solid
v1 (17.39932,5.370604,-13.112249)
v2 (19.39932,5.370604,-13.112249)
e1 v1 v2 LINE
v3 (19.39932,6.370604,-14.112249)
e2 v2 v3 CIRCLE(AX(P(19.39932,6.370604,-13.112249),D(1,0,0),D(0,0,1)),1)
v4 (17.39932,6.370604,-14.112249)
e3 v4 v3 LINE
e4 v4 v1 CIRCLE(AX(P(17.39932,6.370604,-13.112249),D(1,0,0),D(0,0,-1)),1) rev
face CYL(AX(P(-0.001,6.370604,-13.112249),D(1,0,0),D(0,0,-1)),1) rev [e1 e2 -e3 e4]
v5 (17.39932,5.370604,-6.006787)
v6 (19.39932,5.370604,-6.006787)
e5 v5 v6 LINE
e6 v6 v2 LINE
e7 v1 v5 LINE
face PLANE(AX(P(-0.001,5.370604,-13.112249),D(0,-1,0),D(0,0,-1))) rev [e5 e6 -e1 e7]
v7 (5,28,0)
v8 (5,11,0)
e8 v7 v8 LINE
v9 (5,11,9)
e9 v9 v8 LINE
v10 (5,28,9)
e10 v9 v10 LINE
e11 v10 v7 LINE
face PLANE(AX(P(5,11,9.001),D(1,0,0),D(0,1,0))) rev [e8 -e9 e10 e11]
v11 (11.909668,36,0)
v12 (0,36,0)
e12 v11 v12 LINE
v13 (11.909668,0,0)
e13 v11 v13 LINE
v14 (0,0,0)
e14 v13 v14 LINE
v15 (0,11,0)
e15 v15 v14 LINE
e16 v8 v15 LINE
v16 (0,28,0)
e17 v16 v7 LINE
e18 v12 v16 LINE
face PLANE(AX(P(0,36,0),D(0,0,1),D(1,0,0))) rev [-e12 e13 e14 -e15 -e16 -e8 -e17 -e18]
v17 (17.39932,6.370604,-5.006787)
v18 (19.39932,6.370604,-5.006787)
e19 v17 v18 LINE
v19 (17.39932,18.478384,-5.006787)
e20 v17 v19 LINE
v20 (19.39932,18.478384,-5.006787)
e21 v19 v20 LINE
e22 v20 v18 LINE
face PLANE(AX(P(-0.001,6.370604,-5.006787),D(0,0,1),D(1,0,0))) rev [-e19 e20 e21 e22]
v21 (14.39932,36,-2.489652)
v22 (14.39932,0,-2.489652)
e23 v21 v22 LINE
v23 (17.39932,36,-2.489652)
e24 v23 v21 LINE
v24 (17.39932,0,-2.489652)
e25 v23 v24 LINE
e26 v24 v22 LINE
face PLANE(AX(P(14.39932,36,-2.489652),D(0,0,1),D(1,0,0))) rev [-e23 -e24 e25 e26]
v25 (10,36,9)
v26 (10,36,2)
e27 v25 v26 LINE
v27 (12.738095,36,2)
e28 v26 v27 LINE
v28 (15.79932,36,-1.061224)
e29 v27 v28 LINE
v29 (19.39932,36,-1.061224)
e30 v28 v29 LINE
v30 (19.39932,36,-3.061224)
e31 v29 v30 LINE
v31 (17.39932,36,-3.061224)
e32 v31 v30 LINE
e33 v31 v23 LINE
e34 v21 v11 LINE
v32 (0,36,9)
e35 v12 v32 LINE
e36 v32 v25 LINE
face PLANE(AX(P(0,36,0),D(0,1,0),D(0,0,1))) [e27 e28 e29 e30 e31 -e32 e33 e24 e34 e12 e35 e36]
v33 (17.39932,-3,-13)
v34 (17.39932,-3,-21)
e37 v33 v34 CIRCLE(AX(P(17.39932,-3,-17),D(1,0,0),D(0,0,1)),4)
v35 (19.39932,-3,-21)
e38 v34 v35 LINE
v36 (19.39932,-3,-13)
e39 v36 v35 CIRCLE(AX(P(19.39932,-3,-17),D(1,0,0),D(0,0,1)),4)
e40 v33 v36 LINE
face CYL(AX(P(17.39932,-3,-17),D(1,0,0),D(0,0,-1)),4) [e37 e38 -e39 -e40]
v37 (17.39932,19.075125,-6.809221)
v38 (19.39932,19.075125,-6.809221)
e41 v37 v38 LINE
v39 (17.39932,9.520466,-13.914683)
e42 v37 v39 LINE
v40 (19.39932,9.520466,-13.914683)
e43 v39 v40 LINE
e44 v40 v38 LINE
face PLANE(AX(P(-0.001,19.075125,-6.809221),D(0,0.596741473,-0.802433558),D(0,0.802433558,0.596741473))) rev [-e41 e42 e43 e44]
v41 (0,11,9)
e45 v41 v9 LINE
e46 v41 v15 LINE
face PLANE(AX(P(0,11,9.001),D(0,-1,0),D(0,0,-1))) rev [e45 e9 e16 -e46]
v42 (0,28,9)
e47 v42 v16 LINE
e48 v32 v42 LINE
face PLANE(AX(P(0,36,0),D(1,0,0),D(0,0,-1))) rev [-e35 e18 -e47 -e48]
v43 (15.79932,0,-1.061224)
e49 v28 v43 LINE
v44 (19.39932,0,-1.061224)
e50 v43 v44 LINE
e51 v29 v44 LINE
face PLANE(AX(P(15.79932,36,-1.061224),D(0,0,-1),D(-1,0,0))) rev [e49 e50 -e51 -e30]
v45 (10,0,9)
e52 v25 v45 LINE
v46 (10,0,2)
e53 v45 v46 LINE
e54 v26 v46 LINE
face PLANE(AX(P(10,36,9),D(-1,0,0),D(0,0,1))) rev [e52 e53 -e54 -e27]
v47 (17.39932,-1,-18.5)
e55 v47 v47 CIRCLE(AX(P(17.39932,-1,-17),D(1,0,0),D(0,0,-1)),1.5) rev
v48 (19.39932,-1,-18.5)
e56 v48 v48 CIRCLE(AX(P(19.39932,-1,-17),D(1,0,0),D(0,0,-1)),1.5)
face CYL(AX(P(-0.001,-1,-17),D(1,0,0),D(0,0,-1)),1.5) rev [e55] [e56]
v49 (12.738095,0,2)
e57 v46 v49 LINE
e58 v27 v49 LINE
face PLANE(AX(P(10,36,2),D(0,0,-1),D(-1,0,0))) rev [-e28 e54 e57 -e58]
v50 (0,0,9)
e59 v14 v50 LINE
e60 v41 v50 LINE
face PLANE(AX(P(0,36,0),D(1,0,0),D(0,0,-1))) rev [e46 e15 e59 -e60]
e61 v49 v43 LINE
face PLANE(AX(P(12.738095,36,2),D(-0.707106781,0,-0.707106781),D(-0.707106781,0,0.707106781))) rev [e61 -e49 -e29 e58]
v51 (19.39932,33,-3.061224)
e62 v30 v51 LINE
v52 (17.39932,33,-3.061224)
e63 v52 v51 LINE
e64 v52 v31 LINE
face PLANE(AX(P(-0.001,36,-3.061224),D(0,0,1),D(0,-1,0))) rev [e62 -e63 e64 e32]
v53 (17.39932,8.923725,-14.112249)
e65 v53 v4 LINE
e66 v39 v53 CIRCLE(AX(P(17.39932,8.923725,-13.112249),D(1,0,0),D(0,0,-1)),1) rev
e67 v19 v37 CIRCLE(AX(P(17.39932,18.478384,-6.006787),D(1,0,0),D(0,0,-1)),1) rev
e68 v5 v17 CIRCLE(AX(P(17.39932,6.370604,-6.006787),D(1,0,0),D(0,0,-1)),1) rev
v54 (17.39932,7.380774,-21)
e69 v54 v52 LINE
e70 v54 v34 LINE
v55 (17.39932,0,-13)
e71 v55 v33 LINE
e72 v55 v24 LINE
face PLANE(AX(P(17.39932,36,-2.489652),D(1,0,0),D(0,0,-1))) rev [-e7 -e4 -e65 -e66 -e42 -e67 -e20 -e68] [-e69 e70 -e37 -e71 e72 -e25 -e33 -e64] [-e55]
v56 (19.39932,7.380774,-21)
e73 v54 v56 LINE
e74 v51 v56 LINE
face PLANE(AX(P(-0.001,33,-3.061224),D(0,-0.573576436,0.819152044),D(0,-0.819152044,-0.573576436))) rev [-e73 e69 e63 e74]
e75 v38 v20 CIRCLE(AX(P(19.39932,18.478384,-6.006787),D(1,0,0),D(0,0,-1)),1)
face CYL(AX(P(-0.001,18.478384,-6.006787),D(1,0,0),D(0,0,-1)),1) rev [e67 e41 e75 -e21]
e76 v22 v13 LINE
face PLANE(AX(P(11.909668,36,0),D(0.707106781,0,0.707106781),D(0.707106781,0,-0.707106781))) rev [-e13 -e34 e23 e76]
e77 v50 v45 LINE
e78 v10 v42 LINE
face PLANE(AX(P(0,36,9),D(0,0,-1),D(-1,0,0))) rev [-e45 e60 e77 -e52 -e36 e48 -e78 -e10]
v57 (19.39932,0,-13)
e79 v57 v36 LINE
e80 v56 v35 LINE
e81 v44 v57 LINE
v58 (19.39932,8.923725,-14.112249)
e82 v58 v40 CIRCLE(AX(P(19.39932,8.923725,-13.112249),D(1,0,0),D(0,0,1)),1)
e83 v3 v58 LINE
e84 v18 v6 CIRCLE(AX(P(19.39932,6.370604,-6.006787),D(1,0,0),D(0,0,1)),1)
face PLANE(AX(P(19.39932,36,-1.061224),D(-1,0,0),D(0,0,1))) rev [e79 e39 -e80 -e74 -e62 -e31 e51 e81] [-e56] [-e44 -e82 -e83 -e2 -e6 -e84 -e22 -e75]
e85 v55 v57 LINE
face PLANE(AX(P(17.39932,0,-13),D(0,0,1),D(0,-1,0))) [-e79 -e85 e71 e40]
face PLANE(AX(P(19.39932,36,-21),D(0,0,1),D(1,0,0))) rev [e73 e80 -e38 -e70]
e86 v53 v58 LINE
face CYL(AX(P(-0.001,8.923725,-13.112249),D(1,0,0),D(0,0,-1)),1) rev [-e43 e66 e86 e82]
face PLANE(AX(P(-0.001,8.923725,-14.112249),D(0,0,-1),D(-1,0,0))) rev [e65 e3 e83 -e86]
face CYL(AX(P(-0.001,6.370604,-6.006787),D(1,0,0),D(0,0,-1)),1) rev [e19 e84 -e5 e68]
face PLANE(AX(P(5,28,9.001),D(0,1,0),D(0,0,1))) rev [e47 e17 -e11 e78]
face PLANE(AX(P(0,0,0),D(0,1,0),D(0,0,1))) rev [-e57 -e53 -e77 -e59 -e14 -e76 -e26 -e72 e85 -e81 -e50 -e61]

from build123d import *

# Parameters (mm, degrees)
BOSS_EXTRUDE1_DEPTH = 36
CUT_EXTRUDE1_REACH  = 21.399
CUT_EXTRUDE2_REACH  = 21.399
BOSS_EXTRUDE2_DEPTH = 2
CUT_EXTRUDE3_REACH  = 11
SKETCH5_W           = 5
SKETCH5_H           = 17
CUT_EXTRUDE4_REACH  = 21.399
SKETCH6_R           = 1.5


with BuildPart() as part:
    # Sketch1 → Boss-Extrude1 (new body)
    with BuildSketch(Plane(origin=(0, 0, 0), x_dir=(1, 0, 0), z_dir=(0, 1, 0))):
        Polygon((0, 0), (11.909668113, 0), (14.399319728, 2.489651615), (17.399319728, 2.489651615), (17.399319728, 21), (19.399319728, 21), (19.399319728, 1.06122449), (15.799319728, 1.06122449), (12.738095238, -2), (10, -2), (10, -9), (0, -9), align=None)
    extrude(amount=BOSS_EXTRUDE1_DEPTH)

    # Sketch2 → Cut-Extrude1 (cut, up to next)
    with BuildSketch(Plane(origin=(19.399319728, 0, 0), x_dir=(0, 0, -1), z_dir=(1, 0, 0)), mode=Mode.PRIVATE) as cut_extrude1_sk1:
        Polygon((3.06122449, 36), (3.06122449, 33), (21, 7.380773512), (21, 36), align=None)
    cut_extrude1_tool1 = extrude(cut_extrude1_sk1.sketch, amount=-CUT_EXTRUDE1_REACH, mode=Mode.PRIVATE) & part.part
    add(cut_extrude1_tool1.solids().sort_by_distance((19.39932, 26.365379, -14.453071))[0], mode=Mode.SUBTRACT)

    # Sketch3 → Cut-Extrude2 (cut, up to next)
    with BuildSketch(Plane(origin=(19.399319728, 0, 0), x_dir=(0, 0, -1), z_dir=(1, 0, 0)), mode=Mode.PRIVATE) as cut_extrude2_sk1:
        with BuildLine():
            Line((6.80922077, 19.075125289), (13.914682933, 9.520466295))
            ThreePointArc((13.914682933, 9.520466295), (14.061573755, 9.238022803), (14.112249375, 8.923724822))
            Line((14.112249375, 8.923724822), (14.112249375, 6.370604423))
            ThreePointArc((14.112249375, 6.370604423), (13.819356156, 5.663497642), (13.112249375, 5.370604423))
            Line((13.112249375, 5.370604423), (6.006787212, 5.370604423))
            ThreePointArc((6.006787212, 5.370604423), (5.299680431, 5.663497642), (5.006787212, 6.370604423))
            Line((5.006787212, 6.370604423), (5.006787212, 18.478383816))
            ThreePointArc((5.006787212, 18.478383816), (5.692489231, 19.427708197), (6.80922077, 19.075125289))
        make_face()
    cut_extrude2_tool1 = extrude(cut_extrude2_sk1.sketch, amount=-CUT_EXTRUDE2_REACH, mode=Mode.PRIVATE) & part.part
    add(cut_extrude2_tool1.solids().sort_by_distance((19.39932, 10.844583, -8.68829))[0], mode=Mode.SUBTRACT)

    # Sketch4 → Boss-Extrude2 (add)
    with BuildSketch(Plane(origin=(19.399319728, 0, 0), x_dir=(0, 0, -1), z_dir=(1, 0, 0))):
        with BuildLine():
            Line((21, 0), (21, -3))
            ThreePointArc((21, -3), (17, -7), (13, -3))
            Line((13, -3), (13, 0))
            Line((13, 0), (21, 0))
        make_face()
    extrude(amount=-BOSS_EXTRUDE2_DEPTH)

    # Sketch5 → Cut-Extrude3 (cut, up to next)
    with BuildSketch(Plane(origin=(0, 0, 0), x_dir=(-1, 0, 0), z_dir=(0, 0, -1)), mode=Mode.PRIVATE) as cut_extrude3_sk1:
        with Locations((-2.5, 19.5)):
            Rectangle(SKETCH5_W, SKETCH5_H)
    cut_extrude3_tool1 = extrude(cut_extrude3_sk1.sketch, amount=-CUT_EXTRUDE3_REACH, mode=Mode.PRIVATE) & part.part
    add(cut_extrude3_tool1.solids().sort_by_distance((2.5, 19.5, 0))[0], mode=Mode.SUBTRACT)

    # Sketch6 → Cut-Extrude4 (cut, up to next)
    with BuildSketch(Plane(origin=(19.399319728, 0, 0), x_dir=(0, 0, -1), z_dir=(1, 0, 0)), mode=Mode.PRIVATE) as cut_extrude4_sk1:
        with Locations((17, -1)):
            Circle(SKETCH6_R)
    cut_extrude4_tool1 = extrude(cut_extrude4_sk1.sketch, amount=-CUT_EXTRUDE4_REACH, mode=Mode.PRIVATE) & part.part
    add(cut_extrude4_tool1.solids().sort_by_distance((19.39932, -1, -17))[0], mode=Mode.SUBTRACT)


solid = part.part
